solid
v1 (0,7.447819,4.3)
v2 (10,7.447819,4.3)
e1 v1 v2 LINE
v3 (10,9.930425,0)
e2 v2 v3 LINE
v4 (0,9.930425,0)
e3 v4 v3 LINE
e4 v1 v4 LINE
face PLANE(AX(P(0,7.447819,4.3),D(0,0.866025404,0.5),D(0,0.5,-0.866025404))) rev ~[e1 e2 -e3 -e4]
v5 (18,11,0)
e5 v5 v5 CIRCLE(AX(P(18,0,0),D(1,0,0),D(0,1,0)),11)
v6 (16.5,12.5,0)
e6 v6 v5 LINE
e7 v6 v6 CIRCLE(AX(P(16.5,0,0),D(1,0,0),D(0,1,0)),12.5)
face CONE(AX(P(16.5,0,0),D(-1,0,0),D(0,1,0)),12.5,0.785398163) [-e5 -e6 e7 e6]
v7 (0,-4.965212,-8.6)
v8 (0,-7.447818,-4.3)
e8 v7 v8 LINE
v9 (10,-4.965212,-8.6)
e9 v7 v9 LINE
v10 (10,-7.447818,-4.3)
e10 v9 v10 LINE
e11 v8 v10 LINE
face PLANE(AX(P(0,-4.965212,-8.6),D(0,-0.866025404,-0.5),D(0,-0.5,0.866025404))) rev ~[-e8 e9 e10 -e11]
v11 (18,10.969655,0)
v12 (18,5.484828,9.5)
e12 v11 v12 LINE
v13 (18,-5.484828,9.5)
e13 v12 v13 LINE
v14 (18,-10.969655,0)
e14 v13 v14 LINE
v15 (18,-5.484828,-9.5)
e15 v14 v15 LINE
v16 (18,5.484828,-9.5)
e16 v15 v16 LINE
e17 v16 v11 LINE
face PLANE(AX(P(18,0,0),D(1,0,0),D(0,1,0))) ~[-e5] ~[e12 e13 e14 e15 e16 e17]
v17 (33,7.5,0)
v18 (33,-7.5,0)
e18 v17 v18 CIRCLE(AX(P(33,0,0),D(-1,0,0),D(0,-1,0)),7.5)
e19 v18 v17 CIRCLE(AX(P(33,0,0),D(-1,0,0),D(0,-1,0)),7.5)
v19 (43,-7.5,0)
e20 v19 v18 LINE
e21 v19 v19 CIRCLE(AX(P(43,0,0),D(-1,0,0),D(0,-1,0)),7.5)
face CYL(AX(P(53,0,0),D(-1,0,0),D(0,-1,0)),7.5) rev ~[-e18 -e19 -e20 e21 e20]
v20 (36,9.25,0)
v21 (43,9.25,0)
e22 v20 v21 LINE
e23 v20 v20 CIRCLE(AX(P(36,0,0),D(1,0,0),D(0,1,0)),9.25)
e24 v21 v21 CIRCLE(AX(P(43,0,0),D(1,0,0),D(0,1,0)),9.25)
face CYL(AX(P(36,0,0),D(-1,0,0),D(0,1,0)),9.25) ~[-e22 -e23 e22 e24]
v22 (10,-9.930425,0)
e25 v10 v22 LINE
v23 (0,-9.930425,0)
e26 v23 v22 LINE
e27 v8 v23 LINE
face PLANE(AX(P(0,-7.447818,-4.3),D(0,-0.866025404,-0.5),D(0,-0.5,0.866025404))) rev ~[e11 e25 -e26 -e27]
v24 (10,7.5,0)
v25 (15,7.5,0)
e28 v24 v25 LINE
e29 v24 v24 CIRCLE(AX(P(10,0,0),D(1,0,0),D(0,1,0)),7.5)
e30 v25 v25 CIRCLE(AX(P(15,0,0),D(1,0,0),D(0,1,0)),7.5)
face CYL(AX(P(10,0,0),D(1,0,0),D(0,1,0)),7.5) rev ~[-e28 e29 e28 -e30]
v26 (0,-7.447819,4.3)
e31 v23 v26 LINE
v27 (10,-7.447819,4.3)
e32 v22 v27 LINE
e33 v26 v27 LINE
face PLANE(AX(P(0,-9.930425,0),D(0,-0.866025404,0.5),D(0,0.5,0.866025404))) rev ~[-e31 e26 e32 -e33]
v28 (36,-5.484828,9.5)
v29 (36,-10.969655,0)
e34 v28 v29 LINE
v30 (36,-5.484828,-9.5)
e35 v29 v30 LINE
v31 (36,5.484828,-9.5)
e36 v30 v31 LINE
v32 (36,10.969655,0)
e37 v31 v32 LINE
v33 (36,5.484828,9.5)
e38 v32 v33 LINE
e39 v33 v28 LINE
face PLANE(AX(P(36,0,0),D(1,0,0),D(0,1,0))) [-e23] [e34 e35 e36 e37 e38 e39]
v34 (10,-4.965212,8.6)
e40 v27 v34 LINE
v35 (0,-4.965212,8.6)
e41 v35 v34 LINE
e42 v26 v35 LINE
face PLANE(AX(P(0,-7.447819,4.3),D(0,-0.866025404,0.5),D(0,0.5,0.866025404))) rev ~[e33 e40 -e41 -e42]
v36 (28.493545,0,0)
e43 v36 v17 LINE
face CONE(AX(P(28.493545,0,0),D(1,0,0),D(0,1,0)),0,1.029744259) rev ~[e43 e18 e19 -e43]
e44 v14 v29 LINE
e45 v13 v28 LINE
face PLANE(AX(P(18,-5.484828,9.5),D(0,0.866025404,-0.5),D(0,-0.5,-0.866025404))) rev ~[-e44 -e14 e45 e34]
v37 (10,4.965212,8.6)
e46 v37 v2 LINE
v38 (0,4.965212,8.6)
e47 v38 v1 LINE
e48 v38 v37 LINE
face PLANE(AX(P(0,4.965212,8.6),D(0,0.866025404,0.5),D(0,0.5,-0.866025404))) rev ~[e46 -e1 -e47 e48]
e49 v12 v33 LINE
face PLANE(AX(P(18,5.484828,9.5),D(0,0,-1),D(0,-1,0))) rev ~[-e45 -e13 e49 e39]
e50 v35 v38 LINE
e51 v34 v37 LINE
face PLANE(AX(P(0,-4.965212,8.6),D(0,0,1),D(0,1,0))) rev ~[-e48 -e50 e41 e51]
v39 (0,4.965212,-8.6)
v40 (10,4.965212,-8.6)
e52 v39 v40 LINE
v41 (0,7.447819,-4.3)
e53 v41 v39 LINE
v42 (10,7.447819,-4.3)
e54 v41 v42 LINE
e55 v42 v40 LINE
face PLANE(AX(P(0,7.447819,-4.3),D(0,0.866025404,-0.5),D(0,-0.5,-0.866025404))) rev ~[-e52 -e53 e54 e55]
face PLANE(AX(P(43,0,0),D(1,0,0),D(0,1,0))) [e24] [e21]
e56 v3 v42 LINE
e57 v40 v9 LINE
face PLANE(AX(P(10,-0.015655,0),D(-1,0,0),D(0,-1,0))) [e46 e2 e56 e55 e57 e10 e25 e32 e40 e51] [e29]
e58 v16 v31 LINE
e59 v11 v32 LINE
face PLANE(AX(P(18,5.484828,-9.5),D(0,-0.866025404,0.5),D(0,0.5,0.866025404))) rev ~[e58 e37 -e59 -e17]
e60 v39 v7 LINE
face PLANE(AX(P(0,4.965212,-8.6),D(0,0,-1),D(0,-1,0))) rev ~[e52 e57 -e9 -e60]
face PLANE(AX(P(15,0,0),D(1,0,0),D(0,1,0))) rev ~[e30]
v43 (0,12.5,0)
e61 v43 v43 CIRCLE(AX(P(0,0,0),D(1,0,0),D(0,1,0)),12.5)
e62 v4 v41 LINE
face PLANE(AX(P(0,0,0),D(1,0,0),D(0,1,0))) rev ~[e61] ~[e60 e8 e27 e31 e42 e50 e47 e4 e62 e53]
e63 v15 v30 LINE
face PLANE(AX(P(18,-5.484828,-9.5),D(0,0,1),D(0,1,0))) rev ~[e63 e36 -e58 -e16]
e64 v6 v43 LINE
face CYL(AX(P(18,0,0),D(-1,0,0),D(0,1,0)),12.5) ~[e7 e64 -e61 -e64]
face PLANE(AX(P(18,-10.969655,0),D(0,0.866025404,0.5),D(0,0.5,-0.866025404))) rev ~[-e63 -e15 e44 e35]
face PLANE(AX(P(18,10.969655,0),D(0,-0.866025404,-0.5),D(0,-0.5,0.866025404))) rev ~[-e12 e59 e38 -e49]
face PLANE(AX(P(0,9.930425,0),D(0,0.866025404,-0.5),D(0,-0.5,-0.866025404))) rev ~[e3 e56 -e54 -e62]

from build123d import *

# Parameters (mm, degrees)
F3_DEPTH  = 10
F5_DEPTH  = 18
F6_R      = 9.25
F7_DEPTH  = 7
F8_SIZE   = 1.5
F10_D     = 15
F10_DEPTH = 10
F10_TIP   = 4.5064546427


with BuildPart() as f1:
    # F0 (on Top) → F1 (revolve)
    with BuildSketch(Plane.XY):
        Polygon((0, 12.5), (0, 8.5), (10, 8.5), (10, 7.5), (15, 7.5), (15, 0), (18, 0), (18, 12.5), align=None)
    revolve(axis=Axis((16.5, 0, 0), (1, 0, 0)))

    # F2 (on face) → F3 (cut)
    with BuildSketch(Plane(origin=(0, 0, 0), x_dir=(0, -1, 0), z_dir=(-1, 0, 0))):
        with BuildLine():
            ThreePointArc((7.4478184814, -4.2999999846), (8.3069621084, -2.2258437793), (8.6, 0))
            ThreePointArc((8.6, 0), (8.3069621251, 2.2258437168), (7.4478185462, 4.2999998725))
            ThreePointArc((7.4478185462, 4.2999998725), (4.3000000638, 7.4478184357), (0, 8.6))
            ThreePointArc((0, 8.6), (-4.3000000291, 7.4478184557), (-7.4478185062, 4.2999999418))
            ThreePointArc((-7.4478185062, 4.2999999418), (-8.6, 4e-08), (-7.4478185462, -4.2999998725))
            ThreePointArc((-7.4478185462, -4.2999998725), (-4.3000000638, -7.4478184357), (0, -8.6))
            ThreePointArc((0, -8.6), (4.3000000077, -7.4478184681), (7.4478184814, -4.2999999846))
        make_face()
        with BuildLine():
            ThreePointArc((7.4478185462, 4.2999998725), (8.3069621251, 2.2258437168), (8.6, 0))
            ThreePointArc((8.6, 0), (8.3069621084, -2.2258437793), (7.4478184814, -4.2999999846))
            Line((7.4478184814, -4.2999999846), (9.9304246301, 0))
            Line((9.9304246301, 0), (7.4478185462, 4.2999998725))
        make_face()
        with BuildLine():
            ThreePointArc((0, 8.6), (4.3000000638, 7.4478184357), (7.4478185462, 4.2999998725))
            Line((7.4478185462, 4.2999998725), (4.965212315, 8.6))
            Line((4.965212315, 8.6), (0, 8.6))
        make_face()
        with BuildLine():
            Line((4.965212315, -8.6), (7.4478184814, -4.2999999846))
            ThreePointArc((7.4478184814, -4.2999999846), (4.3000000077, -7.4478184681), (0, -8.6))
            Line((0, -8.6), (4.965212315, -8.6))
        make_face()
        with BuildLine():
            ThreePointArc((-7.4478185062, 4.2999999418), (-4.3000000291, 7.4478184557), (0, 8.6))
            Line((0, 8.6), (-4.965212315, 8.6))
            Line((-4.965212315, 8.6), (-7.4478185062, 4.2999999418))
        make_face()
        with BuildLine():
            Line((-4.965212315, -8.6), (0, -8.6))
            ThreePointArc((0, -8.6), (-4.3000000638, -7.4478184357), (-7.4478185462, -4.2999998725))
            Line((-7.4478185462, -4.2999998725), (-4.965212315, -8.6))
        make_face()
        with BuildLine():
            ThreePointArc((-7.4478185462, -4.2999998725), (-8.6, 4e-08), (-7.4478185062, 4.2999999418))
            Line((-7.4478185062, 4.2999999418), (-9.9304246301, 0))
            Line((-9.9304246301, 0), (-7.4478185462, -4.2999998725))
        make_face()
    extrude(amount=-F3_DEPTH, mode=Mode.SUBTRACT)

    # F4 (on face) → F5 (join)
    with BuildSketch(Plane.YZ.offset(18)):
        Polygon((5.4848275573, 9.5), (-5.4848275573, 9.5), (-10.9696551146, 0), (-5.4848275573, -9.5), (5.4848275573, -9.5), (10.9696551146, 0), align=None)
    extrude(amount=F5_DEPTH)

    # F6 (on face) → F7 (join)
    with BuildSketch(Plane.YZ.offset(36)):
        Circle(F6_R)
    extrude(amount=F7_DEPTH)

    # F8
    f8_edges = [f1.edges().sort_by_distance(p)[0] for p in [
        (18, -12.5, 0),
    ]]
    chamfer(f8_edges, length=F8_SIZE)

    # F10
    with Locations(Plane.YZ.offset(43)):
        with Locations((0, 0)):
            Hole(F10_D / 2, depth=F10_DEPTH)
            with Locations((0, 0, -(F10_DEPTH + F10_TIP / 2))):  # 118° drill point
                Cone(0, F10_D / 2, F10_TIP, mode=Mode.SUBTRACT)


solid = f1.part
